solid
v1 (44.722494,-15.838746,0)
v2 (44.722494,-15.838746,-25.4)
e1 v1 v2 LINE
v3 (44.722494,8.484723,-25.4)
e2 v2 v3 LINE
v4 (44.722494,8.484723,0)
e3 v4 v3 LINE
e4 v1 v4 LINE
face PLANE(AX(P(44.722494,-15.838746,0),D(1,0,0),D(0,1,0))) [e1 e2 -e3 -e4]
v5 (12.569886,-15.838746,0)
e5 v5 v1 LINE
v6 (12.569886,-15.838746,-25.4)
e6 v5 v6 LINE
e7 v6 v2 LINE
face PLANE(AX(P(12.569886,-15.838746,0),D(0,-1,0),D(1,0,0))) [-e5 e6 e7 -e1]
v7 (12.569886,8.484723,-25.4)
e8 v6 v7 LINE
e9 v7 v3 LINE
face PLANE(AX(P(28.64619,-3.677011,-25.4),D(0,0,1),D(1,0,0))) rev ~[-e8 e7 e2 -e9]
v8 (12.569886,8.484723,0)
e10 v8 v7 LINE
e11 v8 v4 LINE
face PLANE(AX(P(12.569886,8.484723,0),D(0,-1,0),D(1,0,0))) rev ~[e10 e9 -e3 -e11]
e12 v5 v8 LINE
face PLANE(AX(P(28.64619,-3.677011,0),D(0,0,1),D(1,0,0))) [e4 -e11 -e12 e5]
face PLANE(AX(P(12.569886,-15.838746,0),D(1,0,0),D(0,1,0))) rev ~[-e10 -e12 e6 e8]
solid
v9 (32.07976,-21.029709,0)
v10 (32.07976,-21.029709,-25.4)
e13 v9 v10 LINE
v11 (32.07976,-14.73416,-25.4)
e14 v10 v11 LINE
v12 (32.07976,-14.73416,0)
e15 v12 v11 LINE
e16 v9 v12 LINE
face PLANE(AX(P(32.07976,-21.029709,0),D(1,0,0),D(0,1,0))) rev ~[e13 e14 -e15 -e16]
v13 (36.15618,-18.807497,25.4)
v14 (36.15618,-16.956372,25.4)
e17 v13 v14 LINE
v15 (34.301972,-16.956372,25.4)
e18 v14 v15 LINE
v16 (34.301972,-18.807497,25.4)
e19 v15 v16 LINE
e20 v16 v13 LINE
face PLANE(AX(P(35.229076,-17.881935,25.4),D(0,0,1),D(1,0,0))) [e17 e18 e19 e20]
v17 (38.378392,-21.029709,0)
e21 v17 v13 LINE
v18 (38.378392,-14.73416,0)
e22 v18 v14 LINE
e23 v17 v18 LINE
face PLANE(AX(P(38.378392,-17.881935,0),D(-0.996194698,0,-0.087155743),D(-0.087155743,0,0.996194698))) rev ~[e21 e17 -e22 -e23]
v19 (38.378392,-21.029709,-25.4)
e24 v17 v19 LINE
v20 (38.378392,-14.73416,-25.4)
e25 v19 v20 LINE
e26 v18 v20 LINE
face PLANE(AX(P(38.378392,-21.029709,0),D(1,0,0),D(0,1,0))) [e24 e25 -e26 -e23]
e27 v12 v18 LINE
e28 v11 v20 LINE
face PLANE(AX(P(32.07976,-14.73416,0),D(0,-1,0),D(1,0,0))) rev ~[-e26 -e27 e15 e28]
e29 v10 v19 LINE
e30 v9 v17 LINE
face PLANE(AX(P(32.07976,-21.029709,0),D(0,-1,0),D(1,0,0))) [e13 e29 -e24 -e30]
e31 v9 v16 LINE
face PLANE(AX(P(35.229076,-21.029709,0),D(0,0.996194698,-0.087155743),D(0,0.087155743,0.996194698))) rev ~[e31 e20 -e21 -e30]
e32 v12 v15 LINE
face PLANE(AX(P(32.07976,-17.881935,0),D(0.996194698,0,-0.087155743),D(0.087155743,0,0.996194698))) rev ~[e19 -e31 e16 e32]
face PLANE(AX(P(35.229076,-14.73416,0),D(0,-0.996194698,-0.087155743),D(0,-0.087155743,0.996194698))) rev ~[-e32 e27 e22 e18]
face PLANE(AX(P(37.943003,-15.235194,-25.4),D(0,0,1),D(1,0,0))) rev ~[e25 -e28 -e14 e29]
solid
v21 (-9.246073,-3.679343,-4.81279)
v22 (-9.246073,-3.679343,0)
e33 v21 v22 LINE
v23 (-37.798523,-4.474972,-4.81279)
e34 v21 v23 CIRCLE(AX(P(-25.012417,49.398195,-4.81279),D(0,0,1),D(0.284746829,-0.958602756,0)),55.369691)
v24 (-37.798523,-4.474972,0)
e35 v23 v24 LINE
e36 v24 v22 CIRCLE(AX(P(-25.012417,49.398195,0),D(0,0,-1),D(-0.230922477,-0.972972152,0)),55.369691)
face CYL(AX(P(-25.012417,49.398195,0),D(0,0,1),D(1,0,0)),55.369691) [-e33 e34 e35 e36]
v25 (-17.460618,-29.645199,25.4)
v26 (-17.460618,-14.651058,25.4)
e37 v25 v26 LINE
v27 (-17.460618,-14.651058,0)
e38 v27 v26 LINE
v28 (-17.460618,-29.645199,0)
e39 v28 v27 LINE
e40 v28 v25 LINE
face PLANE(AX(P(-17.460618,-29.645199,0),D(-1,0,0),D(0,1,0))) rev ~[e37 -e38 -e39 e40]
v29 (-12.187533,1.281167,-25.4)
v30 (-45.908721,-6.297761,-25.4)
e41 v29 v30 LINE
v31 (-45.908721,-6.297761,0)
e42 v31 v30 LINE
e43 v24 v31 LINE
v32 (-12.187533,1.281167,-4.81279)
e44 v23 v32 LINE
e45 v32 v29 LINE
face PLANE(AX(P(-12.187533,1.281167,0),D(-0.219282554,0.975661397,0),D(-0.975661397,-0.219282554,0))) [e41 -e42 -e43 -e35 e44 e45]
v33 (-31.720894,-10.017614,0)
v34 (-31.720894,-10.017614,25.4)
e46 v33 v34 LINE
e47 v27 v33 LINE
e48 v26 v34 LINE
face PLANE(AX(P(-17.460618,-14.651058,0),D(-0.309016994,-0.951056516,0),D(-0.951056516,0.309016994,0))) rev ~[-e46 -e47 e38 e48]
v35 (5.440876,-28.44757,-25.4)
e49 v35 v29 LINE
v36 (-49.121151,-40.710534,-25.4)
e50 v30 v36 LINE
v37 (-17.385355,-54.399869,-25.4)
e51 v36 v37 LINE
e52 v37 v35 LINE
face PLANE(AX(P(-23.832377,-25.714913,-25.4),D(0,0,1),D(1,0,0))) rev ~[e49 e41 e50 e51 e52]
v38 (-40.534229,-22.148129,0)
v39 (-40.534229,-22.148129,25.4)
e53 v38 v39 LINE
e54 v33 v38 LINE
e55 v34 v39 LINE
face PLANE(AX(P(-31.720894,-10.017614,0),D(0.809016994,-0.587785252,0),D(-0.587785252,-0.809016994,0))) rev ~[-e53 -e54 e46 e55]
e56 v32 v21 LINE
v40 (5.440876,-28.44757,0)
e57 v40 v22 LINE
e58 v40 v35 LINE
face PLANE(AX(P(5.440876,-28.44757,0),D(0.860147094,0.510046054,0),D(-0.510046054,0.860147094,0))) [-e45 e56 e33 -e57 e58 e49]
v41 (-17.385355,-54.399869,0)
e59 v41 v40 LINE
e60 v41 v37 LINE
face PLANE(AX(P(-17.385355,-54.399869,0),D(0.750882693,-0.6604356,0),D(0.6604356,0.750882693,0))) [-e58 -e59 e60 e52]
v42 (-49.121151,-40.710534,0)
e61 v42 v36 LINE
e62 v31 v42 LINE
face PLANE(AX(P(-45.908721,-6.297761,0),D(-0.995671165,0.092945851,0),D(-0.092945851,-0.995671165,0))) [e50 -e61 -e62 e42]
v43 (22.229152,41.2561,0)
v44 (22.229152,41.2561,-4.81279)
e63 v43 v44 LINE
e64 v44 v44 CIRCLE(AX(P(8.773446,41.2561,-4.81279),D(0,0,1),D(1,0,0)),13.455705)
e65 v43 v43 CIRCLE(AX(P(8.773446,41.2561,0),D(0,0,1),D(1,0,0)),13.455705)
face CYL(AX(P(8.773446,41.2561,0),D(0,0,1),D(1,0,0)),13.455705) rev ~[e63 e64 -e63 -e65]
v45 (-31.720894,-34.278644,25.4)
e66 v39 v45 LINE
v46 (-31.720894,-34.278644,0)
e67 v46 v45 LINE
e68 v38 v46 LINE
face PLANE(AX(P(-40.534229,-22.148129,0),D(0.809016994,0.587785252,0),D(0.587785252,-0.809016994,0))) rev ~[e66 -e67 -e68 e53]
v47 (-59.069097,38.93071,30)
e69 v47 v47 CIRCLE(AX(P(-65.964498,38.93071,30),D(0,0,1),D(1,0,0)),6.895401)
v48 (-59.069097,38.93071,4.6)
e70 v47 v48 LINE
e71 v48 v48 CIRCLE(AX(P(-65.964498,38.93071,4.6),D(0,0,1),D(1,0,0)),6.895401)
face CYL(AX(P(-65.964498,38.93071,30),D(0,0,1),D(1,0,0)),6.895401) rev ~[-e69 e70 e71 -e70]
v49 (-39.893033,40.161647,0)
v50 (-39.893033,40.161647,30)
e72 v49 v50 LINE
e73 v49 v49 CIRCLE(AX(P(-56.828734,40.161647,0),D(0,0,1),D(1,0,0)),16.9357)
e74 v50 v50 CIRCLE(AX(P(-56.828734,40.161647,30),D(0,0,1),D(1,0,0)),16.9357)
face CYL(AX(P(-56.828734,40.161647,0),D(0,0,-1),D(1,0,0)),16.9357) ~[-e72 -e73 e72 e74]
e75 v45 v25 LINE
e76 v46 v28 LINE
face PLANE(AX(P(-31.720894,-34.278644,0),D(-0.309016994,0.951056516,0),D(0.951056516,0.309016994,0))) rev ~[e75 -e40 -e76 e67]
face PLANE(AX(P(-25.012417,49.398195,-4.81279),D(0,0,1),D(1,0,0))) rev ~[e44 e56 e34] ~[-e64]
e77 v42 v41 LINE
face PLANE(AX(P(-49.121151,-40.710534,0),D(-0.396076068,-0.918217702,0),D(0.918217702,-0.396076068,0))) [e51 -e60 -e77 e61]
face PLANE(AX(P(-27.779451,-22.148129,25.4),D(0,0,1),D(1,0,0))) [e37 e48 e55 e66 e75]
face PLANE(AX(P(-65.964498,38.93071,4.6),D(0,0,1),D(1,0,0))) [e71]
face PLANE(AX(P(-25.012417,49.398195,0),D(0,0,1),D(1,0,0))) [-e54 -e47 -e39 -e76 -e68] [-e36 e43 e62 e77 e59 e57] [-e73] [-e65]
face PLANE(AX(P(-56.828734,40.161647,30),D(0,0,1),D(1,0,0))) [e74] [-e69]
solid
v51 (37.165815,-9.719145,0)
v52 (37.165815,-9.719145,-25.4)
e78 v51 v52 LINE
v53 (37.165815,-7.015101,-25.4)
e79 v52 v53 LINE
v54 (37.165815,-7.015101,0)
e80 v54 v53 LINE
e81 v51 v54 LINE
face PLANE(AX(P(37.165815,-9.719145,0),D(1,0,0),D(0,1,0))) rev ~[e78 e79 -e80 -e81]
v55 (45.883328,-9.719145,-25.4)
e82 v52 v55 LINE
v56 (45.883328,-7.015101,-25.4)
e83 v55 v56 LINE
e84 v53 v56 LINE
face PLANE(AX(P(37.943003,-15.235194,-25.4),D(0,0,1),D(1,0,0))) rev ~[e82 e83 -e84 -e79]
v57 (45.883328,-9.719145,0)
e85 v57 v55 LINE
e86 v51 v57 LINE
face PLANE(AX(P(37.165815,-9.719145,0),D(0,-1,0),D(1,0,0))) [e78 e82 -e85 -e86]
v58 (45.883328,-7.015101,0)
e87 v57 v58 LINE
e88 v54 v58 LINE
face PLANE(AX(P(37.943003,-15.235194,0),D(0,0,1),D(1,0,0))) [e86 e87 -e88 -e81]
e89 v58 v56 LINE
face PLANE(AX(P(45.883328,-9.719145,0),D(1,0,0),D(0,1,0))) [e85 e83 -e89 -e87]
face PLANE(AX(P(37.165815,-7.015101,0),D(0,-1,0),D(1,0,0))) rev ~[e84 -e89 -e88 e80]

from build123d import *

# Parameters (mm, degrees)
F1_DEPTH  = 25.4
F3_DEPTH  = 25.4
F4_R      = 55.3696908203
F5_DEPTH  = 4.81279
F6_R      = 16.9357001353
F7_DEPTH  = 30
F8_W      = 6.2986317609
F8_H      = 6.295548482
F9_DEPTH  = 25.4
F9_TAPER  = 5
F11_DEPTH = 25.4
F13_R     = 13.4557054257
F14_DEPTH = 25.4
F15_R     = 6.8954007083
F16_DEPTH = 25.4
F17_W     = 6.2986317609
F17_H     = 6.295548482
F17_W_2   = 8.7175125246
F17_H_2   = 2.7040438727
F18_DEPTH = 25.4
F19_W     = 32.152608037
F19_H     = 24.3234690279
F20_DEPTH = 25.4


with BuildPart() as f1:
    # F0 (on Top) → F1 (new body)
    with BuildSketch(Plane.XY):
        Polygon((-17.3853552728, -54.3998687475), (5.4408759637, -28.4475700051), (-12.1875334984, 1.2811673093), (-45.9087209501, -6.2977613302), (-49.1211514741, -40.7105341421), align=None)
    extrude(amount=-F1_DEPTH)

    # F4 (on Top) → F5 (join)
    with BuildSketch(Plane.XY):
        with Locations((-25.0124167651, 49.3981949985)):
            Circle(F4_R)
    extrude(amount=-F5_DEPTH)

    # F6 (on face) → F7 (join)
    with BuildSketch(Plane.XY):
        with Locations((-56.8287335336, 40.1616469026)):
            Circle(F6_R)
    extrude(amount=F7_DEPTH)

    # F10 (on face) → F11 (join)
    with BuildSketch(Plane.XY):
        Polygon((-17.4606181681, -29.6451992292), (-17.4606181681, -14.6510579687), (-31.7208939202, -10.0176135031), (-40.5342290239, -22.1481285989), (-31.7208939202, -34.2786436947), align=None)
    extrude(amount=F11_DEPTH)

    # F13 (on face) → F14 (cut)
    with BuildSketch(Plane.XY):
        with Locations((8.7734460831, 41.2560999393)):
            Circle(F13_R)
    extrude(amount=-F14_DEPTH, mode=Mode.SUBTRACT)

    # F15 (on face) → F16 (cut)
    with BuildSketch(Plane.XY.offset(30)):
        with Locations((-65.9644976258, 38.9307104051)):
            Circle(F15_R)
    extrude(amount=-F16_DEPTH, mode=Mode.SUBTRACT)


with BuildPart() as f3:
    # F2 (on Top) → F3 (new body)
    with BuildSketch(Plane.XY):
        with BuildLine():
            ThreePointArc((37.1658151979, -30.5278390569), (48.7683803474, -2.7776239919), (22.9083637053, -18.1384017546))
            ThreePointArc((22.9083637053, -18.1384017546), (29.0679050453, -25.4484333392), (37.1658151979, -30.5278390569))
        make_face()
    extrude(amount=-F3_DEPTH)

    # F8 (on face) → F9 (join)
    with BuildSketch(Plane.XY):
        with Locations((35.2290758657, -17.881934666)):
            Rectangle(F8_W, F8_H)
    extrude(amount=F9_DEPTH, taper=F9_TAPER)

    # F17 (on face) → F18 (cut)
    with BuildSketch(Plane.XY):
        with BuildLine():
            ThreePointArc((37.1658151979, -30.5278390569), (48.7683803474, -2.7776239919), (22.9083637053, -18.1384017546))
            ThreePointArc((22.9083637053, -18.1384017546), (29.0679050453, -25.4484333392), (37.1658151979, -30.5278390569))
        make_face()
        with Locations((35.2290758657, -17.881934666)):
            Rectangle(F17_W, F17_H, mode=Mode.SUBTRACT)
        with Locations((41.5245714602, -8.3671226166)):
            Rectangle(F17_W_2, F17_H_2, mode=Mode.SUBTRACT)
    extrude(amount=-F18_DEPTH, mode=Mode.SUBTRACT)


with BuildPart() as f20:
    # F19 (on Top) → F20 (new body)
    with BuildSketch(Plane.XY):
        with Locations((28.6461897194, -3.6770114675)):
            Rectangle(F19_W, F19_H)
    extrude(amount=-F20_DEPTH)


solid = Compound([f1.part, f3.part, f20.part])
